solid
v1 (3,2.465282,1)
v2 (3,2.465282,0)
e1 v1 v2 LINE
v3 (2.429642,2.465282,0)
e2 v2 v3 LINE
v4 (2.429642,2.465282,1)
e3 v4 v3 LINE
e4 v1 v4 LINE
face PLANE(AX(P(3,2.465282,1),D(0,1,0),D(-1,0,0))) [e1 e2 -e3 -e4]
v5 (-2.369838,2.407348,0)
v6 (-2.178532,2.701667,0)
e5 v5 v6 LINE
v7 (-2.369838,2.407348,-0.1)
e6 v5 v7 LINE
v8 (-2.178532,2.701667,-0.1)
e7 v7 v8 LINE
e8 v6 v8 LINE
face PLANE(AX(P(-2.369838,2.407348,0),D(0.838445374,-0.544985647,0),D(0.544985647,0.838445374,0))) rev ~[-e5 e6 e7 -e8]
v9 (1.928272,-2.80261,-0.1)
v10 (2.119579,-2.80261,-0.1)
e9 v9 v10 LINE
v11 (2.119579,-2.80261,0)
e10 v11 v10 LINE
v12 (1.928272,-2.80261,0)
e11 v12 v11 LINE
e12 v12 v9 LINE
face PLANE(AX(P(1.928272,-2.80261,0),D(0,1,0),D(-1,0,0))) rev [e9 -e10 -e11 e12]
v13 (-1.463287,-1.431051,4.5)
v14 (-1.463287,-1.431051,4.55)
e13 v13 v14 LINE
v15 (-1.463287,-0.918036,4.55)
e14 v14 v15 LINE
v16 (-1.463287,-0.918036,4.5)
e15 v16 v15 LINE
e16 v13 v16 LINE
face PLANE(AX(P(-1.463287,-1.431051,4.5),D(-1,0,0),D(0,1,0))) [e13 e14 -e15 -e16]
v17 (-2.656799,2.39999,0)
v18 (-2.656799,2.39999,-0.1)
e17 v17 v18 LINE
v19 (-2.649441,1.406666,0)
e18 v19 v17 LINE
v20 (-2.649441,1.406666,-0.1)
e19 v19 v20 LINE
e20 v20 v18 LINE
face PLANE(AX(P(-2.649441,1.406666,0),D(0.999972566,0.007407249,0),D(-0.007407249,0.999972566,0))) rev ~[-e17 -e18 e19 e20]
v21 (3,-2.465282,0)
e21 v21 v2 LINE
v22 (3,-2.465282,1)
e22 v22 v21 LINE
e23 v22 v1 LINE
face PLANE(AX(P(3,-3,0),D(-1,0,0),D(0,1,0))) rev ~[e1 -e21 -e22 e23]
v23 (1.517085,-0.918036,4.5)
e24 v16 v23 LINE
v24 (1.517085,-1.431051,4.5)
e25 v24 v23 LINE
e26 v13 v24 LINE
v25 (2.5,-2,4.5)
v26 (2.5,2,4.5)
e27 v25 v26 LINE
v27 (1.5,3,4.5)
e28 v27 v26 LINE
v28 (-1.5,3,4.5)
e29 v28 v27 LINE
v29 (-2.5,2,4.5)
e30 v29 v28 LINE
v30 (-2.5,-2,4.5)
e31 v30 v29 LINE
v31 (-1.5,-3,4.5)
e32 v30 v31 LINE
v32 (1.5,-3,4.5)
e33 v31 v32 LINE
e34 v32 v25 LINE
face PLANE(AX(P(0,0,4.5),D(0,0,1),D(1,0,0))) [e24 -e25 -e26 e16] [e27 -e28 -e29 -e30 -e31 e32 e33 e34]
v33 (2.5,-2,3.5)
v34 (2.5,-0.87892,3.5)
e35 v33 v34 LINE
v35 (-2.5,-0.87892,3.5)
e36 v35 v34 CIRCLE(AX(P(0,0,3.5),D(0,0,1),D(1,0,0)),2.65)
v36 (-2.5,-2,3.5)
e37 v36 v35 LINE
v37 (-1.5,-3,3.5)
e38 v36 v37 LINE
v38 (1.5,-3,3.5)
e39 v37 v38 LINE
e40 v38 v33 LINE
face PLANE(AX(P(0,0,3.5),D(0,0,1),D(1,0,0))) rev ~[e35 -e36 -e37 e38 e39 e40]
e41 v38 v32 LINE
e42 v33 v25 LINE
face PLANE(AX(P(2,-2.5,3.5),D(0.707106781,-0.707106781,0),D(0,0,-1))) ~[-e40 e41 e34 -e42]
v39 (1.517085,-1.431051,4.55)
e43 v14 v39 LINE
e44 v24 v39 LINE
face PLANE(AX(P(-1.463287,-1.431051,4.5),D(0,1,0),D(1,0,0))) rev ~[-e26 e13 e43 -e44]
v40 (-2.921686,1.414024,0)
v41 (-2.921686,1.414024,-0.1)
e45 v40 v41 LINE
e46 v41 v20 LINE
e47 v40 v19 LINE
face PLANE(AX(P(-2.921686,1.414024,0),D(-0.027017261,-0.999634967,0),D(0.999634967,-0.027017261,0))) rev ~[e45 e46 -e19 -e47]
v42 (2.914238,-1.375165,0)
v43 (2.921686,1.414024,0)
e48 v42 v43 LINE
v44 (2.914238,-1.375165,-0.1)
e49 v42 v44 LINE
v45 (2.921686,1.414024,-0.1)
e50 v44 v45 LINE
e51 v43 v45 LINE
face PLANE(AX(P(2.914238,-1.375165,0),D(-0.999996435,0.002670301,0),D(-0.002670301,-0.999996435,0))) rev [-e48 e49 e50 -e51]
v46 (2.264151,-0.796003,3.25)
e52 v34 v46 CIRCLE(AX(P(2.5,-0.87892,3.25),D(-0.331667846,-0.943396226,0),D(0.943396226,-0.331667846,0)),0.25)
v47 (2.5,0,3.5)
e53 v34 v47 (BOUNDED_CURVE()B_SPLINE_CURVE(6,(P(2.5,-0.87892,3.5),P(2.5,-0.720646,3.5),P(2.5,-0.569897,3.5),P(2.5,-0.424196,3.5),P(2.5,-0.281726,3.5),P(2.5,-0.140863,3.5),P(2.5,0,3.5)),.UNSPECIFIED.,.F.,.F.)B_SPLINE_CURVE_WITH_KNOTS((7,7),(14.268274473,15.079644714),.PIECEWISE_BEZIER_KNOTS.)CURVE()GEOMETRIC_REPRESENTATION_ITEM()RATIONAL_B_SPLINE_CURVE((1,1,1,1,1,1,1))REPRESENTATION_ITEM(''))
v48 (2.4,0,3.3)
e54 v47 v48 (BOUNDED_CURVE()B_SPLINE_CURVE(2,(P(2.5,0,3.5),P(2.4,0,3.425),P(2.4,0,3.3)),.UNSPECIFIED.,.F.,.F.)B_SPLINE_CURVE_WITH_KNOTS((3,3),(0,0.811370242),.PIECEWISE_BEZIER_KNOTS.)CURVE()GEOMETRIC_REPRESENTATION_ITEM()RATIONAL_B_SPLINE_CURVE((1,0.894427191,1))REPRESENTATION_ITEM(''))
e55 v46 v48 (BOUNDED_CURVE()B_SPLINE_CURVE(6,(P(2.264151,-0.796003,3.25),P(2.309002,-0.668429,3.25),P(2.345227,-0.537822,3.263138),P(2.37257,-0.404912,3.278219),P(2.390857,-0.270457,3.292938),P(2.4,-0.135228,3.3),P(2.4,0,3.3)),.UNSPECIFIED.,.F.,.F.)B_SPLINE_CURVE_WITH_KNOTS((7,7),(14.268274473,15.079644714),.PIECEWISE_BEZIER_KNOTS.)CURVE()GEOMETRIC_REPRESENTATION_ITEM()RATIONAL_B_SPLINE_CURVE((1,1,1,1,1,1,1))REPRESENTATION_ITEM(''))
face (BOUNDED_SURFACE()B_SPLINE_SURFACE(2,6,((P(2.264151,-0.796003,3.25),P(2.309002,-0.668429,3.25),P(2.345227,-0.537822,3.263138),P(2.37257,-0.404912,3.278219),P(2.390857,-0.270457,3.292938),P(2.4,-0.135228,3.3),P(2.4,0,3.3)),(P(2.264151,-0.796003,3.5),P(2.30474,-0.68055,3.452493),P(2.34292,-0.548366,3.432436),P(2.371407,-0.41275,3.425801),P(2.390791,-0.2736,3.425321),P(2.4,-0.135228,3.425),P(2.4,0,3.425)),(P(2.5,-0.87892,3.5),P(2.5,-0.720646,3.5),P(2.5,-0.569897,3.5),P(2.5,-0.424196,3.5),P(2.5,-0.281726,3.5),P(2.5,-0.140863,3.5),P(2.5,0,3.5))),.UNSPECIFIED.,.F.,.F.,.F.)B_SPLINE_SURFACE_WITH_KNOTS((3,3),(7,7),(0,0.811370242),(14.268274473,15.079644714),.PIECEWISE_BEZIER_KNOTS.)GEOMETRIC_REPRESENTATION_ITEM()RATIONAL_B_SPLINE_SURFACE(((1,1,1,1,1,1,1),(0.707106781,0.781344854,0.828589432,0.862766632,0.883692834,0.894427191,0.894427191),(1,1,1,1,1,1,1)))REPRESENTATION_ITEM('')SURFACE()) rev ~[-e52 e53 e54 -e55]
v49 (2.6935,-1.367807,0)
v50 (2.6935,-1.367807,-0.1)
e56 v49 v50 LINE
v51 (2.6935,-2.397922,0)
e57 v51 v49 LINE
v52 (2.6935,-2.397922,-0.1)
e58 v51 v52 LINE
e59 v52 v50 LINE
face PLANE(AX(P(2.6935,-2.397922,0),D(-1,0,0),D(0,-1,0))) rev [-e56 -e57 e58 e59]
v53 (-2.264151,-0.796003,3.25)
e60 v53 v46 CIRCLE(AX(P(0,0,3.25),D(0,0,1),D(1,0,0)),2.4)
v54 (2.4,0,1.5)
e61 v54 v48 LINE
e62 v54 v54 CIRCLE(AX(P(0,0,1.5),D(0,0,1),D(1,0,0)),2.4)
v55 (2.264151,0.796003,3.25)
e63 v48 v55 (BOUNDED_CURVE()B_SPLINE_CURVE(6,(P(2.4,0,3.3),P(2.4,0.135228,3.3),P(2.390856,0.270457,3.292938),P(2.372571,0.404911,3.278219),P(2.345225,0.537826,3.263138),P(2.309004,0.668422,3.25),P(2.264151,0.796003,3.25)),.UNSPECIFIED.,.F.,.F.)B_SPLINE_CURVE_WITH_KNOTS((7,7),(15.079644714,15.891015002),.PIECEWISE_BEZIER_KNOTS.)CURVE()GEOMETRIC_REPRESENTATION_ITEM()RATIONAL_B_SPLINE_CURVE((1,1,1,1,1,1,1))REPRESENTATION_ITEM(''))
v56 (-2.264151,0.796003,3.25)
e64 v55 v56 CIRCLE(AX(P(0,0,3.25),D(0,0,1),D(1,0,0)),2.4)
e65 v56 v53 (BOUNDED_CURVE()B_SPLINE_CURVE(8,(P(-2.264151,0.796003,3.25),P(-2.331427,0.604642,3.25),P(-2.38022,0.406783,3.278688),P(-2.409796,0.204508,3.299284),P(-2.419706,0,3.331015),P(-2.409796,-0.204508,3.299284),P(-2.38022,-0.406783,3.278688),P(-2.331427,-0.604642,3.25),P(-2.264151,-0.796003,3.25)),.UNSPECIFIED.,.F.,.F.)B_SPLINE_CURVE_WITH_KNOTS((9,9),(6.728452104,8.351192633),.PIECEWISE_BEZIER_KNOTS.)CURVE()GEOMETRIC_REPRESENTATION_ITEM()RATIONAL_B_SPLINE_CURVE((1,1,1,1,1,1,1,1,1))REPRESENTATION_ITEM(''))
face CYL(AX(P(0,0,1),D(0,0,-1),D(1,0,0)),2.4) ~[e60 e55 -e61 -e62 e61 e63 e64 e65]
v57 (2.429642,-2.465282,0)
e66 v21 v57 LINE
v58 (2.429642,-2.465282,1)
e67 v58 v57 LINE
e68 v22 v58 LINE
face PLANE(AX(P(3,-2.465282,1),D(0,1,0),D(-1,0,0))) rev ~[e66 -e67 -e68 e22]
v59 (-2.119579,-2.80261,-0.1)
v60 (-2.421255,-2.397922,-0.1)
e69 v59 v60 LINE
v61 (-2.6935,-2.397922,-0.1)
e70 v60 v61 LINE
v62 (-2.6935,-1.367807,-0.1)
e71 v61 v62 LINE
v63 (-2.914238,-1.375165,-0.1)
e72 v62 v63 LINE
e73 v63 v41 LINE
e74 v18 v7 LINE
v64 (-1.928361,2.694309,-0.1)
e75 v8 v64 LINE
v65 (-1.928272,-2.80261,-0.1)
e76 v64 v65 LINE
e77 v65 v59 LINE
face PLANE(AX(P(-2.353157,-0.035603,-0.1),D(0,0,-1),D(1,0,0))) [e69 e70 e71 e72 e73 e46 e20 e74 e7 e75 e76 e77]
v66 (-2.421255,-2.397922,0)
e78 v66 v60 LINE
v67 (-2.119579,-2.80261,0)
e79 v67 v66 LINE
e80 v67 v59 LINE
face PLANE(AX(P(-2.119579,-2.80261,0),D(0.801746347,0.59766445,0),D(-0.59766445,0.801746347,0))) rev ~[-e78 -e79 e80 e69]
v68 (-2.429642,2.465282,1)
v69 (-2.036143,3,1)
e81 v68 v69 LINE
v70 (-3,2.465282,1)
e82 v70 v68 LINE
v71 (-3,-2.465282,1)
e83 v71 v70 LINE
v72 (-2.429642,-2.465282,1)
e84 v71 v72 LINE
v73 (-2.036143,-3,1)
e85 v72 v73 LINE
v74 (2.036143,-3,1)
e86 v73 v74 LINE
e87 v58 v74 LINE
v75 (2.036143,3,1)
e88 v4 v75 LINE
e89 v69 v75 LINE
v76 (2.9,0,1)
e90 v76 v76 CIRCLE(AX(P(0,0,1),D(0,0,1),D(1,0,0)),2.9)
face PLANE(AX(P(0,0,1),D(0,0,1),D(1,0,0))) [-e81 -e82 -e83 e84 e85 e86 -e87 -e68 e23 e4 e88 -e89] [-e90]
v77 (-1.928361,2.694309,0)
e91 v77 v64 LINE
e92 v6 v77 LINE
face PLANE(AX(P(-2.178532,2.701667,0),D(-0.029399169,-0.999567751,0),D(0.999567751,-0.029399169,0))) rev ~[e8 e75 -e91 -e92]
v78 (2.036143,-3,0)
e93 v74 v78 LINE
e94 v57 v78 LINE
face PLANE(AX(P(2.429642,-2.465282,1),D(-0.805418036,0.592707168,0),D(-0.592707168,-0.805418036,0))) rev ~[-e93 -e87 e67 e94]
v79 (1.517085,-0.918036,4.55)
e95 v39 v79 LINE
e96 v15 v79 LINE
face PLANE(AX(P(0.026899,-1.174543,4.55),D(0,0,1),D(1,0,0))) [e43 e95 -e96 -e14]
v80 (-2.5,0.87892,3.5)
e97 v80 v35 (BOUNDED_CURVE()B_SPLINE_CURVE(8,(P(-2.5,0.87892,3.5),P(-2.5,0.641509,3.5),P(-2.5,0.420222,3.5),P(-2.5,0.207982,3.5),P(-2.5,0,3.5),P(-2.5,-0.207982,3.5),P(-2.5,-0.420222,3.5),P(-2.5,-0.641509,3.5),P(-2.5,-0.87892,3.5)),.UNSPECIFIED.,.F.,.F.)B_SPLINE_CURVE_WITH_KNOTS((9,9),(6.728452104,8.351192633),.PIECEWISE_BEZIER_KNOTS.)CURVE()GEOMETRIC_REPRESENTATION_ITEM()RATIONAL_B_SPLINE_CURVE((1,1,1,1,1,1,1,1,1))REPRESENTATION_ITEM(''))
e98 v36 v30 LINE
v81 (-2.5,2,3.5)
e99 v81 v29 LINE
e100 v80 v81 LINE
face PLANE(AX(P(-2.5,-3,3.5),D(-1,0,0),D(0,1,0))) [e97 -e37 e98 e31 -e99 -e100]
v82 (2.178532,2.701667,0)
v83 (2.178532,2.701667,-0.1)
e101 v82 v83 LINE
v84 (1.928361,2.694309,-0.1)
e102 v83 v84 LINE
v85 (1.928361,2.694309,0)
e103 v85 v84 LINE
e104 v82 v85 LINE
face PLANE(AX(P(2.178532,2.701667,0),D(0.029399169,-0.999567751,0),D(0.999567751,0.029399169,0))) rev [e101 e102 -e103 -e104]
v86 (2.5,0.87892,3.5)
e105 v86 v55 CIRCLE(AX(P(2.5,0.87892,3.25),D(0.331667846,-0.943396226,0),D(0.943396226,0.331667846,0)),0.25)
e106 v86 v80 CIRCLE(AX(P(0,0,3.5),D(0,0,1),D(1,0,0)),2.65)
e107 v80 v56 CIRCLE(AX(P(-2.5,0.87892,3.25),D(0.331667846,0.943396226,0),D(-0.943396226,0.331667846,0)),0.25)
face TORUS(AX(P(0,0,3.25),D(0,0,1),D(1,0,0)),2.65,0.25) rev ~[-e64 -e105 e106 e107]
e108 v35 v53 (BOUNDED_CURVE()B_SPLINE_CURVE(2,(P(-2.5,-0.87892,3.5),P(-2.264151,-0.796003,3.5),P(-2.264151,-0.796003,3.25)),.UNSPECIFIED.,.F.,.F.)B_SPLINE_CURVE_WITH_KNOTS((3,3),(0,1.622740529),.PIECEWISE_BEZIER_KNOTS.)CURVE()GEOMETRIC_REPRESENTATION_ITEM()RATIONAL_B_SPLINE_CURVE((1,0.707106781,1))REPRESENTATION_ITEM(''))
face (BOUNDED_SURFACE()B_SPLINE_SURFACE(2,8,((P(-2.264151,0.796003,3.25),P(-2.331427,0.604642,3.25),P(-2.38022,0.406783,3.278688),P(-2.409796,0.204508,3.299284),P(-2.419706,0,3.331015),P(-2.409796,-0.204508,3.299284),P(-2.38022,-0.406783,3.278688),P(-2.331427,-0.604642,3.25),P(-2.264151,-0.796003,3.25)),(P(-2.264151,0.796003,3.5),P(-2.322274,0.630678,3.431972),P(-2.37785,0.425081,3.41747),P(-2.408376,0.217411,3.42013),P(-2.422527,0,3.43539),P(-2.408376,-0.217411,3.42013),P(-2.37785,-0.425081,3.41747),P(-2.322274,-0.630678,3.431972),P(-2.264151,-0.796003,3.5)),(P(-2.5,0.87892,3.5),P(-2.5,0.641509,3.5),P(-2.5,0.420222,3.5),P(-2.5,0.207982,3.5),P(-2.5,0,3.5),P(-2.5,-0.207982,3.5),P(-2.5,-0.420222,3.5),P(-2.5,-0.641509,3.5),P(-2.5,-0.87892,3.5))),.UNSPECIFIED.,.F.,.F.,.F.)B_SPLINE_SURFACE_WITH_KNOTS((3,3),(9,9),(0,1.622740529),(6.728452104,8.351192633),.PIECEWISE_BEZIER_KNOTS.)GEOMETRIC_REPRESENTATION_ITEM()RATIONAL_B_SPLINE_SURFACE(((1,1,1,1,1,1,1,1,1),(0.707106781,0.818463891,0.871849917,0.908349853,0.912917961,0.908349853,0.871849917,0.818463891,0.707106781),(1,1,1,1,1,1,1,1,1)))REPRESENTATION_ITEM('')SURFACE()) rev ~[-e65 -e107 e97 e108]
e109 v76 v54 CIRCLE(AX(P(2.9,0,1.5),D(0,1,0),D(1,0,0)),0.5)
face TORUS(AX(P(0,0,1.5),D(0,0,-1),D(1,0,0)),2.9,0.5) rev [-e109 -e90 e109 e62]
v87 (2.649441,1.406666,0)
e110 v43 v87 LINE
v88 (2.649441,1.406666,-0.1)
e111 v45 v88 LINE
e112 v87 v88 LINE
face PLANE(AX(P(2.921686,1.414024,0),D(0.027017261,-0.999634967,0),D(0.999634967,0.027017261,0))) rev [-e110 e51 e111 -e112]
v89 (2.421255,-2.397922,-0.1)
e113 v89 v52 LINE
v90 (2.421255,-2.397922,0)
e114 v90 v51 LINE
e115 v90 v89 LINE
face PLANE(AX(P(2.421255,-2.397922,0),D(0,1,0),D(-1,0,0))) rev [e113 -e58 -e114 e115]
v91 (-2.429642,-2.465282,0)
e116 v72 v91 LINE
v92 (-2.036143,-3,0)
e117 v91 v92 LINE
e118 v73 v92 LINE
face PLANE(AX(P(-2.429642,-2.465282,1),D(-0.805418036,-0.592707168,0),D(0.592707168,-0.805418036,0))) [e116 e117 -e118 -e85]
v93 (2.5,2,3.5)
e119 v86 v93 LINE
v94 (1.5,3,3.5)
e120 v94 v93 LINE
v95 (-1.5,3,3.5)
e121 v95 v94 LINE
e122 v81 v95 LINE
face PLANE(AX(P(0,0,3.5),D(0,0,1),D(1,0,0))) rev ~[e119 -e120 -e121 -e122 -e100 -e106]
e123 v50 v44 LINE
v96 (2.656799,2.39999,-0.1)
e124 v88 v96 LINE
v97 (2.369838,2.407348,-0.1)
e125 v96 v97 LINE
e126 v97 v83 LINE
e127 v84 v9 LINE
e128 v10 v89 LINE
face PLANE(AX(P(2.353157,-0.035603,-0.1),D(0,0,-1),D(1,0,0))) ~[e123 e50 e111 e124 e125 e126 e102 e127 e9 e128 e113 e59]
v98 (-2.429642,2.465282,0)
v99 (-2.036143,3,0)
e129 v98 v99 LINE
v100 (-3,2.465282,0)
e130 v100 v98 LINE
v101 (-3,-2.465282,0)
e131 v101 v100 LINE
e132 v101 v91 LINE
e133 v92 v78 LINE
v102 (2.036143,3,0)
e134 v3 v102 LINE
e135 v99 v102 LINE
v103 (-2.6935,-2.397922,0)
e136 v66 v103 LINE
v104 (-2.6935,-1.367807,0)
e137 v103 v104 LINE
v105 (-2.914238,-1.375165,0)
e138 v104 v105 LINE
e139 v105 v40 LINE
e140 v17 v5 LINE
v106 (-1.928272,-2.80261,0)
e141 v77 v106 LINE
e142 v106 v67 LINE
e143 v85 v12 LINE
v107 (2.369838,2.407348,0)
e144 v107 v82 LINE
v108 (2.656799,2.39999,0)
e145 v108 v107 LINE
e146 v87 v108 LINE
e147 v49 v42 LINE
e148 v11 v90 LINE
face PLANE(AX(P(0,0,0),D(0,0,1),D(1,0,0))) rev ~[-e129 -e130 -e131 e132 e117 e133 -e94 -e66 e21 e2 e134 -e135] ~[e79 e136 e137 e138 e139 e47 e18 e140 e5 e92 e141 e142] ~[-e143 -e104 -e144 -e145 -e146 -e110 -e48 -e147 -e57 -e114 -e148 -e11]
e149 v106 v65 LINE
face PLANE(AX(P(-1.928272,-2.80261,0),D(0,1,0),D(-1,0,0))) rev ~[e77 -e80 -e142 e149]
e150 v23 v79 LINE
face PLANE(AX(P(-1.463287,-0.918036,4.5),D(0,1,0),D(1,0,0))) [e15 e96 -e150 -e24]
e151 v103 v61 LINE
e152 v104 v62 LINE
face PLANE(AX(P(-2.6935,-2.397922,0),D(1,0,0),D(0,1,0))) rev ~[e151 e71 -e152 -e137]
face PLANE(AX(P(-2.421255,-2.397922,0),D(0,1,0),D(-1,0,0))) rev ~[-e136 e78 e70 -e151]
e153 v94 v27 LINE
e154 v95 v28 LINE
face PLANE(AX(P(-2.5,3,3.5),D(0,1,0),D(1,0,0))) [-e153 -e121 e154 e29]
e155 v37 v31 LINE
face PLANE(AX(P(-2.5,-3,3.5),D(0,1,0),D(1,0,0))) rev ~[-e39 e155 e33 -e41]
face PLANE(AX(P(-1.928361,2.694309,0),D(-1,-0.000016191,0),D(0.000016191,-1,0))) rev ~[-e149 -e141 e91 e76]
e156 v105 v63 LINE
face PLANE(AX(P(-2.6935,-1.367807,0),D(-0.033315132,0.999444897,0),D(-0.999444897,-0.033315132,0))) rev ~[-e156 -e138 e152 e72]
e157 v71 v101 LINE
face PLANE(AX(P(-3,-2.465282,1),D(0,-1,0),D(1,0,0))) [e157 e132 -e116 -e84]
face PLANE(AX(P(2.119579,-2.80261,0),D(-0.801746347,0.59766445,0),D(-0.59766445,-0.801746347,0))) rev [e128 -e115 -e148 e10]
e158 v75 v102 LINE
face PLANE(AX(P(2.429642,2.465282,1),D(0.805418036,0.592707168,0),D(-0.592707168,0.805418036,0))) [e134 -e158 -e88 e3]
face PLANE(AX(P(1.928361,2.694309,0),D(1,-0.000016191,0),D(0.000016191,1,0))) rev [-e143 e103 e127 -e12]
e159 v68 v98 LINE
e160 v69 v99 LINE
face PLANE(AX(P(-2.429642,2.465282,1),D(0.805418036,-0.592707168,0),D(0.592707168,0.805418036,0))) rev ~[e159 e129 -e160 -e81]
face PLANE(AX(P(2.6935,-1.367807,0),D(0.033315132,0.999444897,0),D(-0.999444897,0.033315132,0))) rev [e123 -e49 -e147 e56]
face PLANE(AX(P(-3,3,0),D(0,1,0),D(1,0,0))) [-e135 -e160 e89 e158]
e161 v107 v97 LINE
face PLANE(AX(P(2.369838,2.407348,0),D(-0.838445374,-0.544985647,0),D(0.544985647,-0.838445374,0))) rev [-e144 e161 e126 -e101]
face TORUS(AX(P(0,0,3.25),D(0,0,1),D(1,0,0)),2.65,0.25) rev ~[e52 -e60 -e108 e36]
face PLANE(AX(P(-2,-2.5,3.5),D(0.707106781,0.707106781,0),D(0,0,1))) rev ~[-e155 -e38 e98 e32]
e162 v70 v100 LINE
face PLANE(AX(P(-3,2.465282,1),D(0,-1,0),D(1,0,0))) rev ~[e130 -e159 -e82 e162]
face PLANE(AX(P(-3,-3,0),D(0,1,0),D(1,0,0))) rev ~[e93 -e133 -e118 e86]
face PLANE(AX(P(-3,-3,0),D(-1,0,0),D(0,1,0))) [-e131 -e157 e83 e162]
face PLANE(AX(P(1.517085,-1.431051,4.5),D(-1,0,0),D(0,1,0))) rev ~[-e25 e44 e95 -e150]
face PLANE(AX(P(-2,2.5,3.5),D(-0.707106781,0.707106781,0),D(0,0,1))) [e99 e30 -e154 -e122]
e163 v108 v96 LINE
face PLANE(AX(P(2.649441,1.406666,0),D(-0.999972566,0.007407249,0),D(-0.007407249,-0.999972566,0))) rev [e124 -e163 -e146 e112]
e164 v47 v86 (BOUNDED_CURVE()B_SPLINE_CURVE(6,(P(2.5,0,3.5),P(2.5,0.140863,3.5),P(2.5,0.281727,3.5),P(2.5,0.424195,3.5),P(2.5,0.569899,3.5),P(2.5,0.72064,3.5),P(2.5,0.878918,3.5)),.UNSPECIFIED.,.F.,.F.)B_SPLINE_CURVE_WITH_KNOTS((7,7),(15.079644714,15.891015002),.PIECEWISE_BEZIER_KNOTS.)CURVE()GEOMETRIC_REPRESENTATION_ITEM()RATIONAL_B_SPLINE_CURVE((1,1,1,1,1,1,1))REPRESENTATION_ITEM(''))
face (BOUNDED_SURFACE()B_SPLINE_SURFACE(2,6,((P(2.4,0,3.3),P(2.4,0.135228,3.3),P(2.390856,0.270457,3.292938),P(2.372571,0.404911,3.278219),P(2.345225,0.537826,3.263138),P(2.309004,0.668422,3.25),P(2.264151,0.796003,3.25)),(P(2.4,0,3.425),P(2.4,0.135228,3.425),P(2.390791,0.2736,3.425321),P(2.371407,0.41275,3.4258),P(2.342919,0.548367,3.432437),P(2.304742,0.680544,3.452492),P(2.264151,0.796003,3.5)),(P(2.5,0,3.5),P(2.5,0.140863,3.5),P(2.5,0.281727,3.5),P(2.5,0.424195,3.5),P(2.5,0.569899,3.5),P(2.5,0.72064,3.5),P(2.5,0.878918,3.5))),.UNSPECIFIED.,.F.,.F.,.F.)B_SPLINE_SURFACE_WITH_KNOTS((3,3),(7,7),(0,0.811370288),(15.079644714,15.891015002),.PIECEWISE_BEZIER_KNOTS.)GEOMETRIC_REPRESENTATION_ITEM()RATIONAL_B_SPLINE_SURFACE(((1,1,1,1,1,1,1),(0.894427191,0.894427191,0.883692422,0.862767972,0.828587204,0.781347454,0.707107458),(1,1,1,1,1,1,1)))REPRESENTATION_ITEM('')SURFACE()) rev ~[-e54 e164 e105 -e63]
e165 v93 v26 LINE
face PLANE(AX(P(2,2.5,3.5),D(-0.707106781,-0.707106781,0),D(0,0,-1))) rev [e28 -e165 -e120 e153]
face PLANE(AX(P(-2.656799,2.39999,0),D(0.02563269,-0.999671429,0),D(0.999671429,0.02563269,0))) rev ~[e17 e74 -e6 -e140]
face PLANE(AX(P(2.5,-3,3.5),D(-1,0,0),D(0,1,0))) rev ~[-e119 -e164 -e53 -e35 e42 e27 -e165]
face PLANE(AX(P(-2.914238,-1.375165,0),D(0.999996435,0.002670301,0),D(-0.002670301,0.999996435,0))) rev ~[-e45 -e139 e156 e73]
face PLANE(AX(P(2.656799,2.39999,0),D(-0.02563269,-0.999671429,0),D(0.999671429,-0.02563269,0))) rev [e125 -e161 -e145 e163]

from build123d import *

# Parameters (mm, degrees)
SKETCH_W     = 6
SKETCH_H     = 6
PAD_DEPTH    = 1
POCKET_DEPTH = 1
SKETCH002_R  = 2.4
PAD001_DEPTH = 2.5
FILLET_R     = 0.5
SKETCH003_W  = 5
SKETCH003_H  = 6
PAD002_DEPTH = 1
CHAMFER_SIZE = 1
FILLET001_R  = 0.25
PAD003_DEPTH = 0.1
SKETCH005_W  = 2.980372
SKETCH005_H  = 0.513015
PAD004_DEPTH = 0.05


with BuildPart() as part:
    # Sketch → Pad (new body)
    with BuildSketch(Plane.XY):
        Rectangle(SKETCH_W, SKETCH_H)
    extrude(amount=PAD_DEPTH)

    # Sketch001 (on Face6 of Pad) → Pocket (cut)
    with BuildSketch(Plane.XY.offset(1)):
        Polygon((-3, 3), (-3, 2.465282), (-2.429642, 2.465282), (-2.036143, 3), align=None)
        Polygon((3, 3), (3, 2.465282), (2.429642, 2.465282), (2.036143, 3), align=None)
        Polygon((-3, -3), (-3, -2.465282), (-2.429642, -2.465282), (-2.036143, -3), align=None)
        Polygon((3, -3), (3, -2.465282), (2.429642, -2.465282), (2.036143, -3), align=None)
    extrude(amount=-POCKET_DEPTH, mode=Mode.SUBTRACT)

    # Sketch002 (on Face4 of Pocket) → Pad001 (join)
    with BuildSketch(Plane.XY.offset(1)):
        Circle(SKETCH002_R)
    extrude(amount=PAD001_DEPTH)

    # Fillet
    fillet_edges = [part.edges().sort_by_distance(p)[0] for p in [
        (-2.4, 0, 1),
    ]]
    fillet(fillet_edges, radius=FILLET_R)

    # Sketch003 (on Face17 of Fillet) → Pad002 (join)
    with BuildSketch(Plane.XY.offset(3.5)):
        Rectangle(SKETCH003_W, SKETCH003_H)
    extrude(amount=PAD002_DEPTH)

    # Chamfer
    chamfer_edges = [part.edges().sort_by_distance(p)[0] for p in [
        (-2.5, -3, 4),
        (2.5, -3, 4),
        (-2.5, 3, 4),
        (2.5, 3, 4),
    ]]
    chamfer(chamfer_edges, length=CHAMFER_SIZE)

    # Fillet001
    fillet001_edges = [part.edges().sort_by_distance(p)[0] for p in [
        (-2.4, 0, 3.5),
    ]]
    fillet(fillet001_edges, radius=FILLET001_R)

    # Sketch004 (on Face32 of Fillet001) → Pad003 (join)
    with BuildSketch(Plane(origin=(0, 0, 0), x_dir=(1, 0, 0), z_dir=(0, 0, -1))):
        Polygon((-2.914238, 1.375165), (-2.921686, -1.414024), (-2.649441, -1.406666), (-2.656799, -2.39999), (-2.369838, -2.407348), (-2.178532, -2.701667), (-1.928361, -2.694309), (-1.928272, 2.80261), (-2.119579, 2.80261), (-2.421255, 2.397922), (-2.6935, 2.397922), (-2.6935, 1.367807), align=None)
    pad003 = extrude(amount=PAD003_DEPTH)

    # Mirrored: Pad003 across YZ
    add(pad003.mirror(Plane.YZ))

    # Sketch005 (on Face10 of Mirrored) → Pad004 (join)
    with BuildSketch(Plane.XY.offset(4.5)):
        with Locations((0.026899, -1.174543)):
            Rectangle(SKETCH005_W, SKETCH005_H)
    extrude(amount=PAD004_DEPTH)


solid = part.part
